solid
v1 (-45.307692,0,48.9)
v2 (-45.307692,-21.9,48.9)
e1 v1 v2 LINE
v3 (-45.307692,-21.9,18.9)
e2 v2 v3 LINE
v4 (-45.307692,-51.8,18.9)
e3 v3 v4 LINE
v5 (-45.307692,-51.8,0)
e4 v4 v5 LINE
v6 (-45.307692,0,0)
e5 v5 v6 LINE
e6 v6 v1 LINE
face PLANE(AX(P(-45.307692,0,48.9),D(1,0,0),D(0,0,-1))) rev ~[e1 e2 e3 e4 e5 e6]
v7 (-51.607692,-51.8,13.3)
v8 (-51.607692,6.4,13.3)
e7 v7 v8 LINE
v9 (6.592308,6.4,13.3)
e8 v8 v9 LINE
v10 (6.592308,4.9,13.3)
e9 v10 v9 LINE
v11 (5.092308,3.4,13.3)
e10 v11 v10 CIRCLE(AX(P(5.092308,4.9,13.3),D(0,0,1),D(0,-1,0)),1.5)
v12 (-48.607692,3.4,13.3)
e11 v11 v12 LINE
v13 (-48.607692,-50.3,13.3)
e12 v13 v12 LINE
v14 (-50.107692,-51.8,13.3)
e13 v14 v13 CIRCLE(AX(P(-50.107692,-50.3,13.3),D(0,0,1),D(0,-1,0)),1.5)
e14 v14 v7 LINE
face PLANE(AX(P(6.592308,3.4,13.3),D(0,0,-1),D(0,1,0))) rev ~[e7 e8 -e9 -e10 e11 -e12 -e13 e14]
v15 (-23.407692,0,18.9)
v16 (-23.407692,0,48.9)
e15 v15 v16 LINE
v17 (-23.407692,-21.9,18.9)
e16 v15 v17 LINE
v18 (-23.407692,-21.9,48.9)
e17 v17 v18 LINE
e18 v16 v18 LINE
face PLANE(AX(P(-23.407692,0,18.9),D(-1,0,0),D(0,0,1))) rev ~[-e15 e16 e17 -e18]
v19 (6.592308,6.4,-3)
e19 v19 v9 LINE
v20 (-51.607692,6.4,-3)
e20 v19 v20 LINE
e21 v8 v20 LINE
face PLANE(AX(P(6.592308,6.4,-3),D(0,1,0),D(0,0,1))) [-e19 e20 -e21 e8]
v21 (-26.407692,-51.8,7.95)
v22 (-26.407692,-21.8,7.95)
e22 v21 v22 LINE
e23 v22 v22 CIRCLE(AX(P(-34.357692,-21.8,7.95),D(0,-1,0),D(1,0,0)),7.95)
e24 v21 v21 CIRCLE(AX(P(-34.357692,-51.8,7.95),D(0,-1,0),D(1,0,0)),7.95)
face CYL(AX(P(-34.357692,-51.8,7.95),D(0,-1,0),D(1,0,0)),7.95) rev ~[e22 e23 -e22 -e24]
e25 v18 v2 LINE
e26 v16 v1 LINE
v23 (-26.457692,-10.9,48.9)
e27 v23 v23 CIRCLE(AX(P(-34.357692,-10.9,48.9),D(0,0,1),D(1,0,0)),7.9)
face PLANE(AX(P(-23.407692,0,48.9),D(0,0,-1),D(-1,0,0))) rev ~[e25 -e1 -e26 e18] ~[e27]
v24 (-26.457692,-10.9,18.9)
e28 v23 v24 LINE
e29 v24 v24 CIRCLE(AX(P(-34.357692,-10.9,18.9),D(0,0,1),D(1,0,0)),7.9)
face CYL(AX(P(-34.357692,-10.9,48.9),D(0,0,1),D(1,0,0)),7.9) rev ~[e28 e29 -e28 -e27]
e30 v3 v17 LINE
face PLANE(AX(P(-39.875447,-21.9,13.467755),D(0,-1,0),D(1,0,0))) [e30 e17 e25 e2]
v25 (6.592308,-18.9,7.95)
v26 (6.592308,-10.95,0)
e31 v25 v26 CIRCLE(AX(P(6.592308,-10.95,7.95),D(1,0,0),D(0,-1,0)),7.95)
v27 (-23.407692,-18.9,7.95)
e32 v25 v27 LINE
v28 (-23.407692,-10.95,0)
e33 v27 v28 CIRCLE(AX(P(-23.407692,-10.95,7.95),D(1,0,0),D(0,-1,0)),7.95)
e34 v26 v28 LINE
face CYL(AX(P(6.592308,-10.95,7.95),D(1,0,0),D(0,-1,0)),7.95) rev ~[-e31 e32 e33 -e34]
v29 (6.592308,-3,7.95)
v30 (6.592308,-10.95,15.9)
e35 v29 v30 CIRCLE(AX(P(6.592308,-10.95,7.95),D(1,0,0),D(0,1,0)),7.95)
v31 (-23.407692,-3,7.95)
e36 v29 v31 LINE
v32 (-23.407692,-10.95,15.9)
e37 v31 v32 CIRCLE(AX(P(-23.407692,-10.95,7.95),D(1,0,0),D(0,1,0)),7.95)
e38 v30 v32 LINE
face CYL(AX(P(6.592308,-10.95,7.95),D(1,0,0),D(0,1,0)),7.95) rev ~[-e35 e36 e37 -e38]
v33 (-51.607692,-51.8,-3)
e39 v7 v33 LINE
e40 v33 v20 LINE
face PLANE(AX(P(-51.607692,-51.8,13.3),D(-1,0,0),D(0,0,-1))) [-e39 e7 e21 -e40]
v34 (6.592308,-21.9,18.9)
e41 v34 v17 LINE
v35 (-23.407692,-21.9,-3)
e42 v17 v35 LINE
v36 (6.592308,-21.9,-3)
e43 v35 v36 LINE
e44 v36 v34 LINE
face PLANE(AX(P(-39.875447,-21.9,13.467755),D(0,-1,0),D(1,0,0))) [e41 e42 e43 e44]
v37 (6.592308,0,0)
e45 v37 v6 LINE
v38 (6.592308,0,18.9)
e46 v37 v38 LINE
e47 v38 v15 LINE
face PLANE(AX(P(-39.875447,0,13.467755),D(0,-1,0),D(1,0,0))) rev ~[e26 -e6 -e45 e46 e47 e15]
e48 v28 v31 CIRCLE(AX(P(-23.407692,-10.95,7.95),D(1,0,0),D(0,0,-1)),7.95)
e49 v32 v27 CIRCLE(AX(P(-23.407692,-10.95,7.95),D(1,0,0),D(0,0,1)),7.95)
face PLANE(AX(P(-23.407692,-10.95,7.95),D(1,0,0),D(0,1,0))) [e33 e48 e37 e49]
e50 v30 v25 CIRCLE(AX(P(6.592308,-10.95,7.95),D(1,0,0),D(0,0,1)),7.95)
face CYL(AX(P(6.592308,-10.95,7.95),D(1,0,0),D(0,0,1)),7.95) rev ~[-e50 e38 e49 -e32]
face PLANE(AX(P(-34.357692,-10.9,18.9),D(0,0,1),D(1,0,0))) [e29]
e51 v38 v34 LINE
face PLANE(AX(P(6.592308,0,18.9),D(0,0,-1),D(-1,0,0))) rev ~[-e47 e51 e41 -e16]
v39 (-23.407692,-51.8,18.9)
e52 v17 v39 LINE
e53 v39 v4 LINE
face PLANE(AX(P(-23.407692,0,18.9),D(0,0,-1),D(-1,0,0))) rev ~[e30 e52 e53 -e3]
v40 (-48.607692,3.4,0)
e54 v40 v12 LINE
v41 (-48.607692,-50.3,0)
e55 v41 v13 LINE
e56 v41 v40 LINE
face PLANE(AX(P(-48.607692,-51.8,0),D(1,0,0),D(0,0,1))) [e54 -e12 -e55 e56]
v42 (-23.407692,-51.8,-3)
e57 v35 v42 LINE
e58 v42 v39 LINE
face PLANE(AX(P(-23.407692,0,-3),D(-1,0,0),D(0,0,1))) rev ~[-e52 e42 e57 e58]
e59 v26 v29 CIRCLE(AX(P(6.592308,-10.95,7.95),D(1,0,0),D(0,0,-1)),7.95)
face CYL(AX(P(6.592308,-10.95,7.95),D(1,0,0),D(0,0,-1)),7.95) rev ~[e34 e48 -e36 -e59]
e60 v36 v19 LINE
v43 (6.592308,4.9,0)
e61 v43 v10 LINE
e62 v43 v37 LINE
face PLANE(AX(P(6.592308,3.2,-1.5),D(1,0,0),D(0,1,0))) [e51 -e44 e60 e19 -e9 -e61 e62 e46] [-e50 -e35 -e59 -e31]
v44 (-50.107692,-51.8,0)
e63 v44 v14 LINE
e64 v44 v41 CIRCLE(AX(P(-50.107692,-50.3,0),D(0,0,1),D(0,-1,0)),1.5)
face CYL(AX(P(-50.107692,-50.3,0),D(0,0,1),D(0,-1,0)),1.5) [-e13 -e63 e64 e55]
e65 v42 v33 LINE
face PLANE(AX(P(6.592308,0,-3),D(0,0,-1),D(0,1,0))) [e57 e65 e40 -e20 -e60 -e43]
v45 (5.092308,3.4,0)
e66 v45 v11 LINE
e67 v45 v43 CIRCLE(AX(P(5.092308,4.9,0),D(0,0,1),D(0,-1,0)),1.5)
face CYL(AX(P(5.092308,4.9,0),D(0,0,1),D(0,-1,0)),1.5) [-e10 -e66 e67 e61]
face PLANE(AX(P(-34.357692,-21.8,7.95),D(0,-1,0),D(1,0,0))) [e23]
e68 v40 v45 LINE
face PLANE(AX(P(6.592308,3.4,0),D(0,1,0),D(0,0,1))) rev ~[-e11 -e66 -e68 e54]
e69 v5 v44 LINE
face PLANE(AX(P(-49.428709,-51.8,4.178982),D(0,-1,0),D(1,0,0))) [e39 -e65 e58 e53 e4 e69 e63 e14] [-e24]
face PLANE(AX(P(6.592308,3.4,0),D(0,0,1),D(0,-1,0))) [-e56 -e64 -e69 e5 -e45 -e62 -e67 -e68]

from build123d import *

# Parameters (mm, degrees)
F0_W      = 27
F0_H      = 15.9
F0_W_2    = 15.9
F0_H_2    = 27
F0_W_3    = 3
F0_H_3    = 3
F1_DEPTH  = 21.9
F2_DEPTH  = 51.8
F3_R      = 7.95
F6_DEPTH  = 30
F7_DEPTH  = 30
F4_R      = 7.9
F8_DEPTH  = 30
F10_DEPTH = 58.2
F11_W     = 3
F11_H     = 13.3
F13_R     = 1.5


with BuildPart() as f1:
    # F0 (on Front) → F1 (new body)
    with BuildSketch(Plane.XZ):
        with BuildLine():
            Line((-34.3576915575, 15.9), (-42.3076915575, 15.9))
            Line((-42.3076915575, 15.9), (-42.3076915575, 7.9499999931))
            ThreePointArc((-42.3076915575, 7.9499999931), (-39.9791904704, 13.571498908), (-34.3576915575, 15.9))
        make_face()
        with BuildLine():
            ThreePointArc((-34.3576915575, 15.9), (-39.9791904704, 13.571498908), (-42.3076915575, 7.9499999931))
            ThreePointArc((-42.3076915575, 7.9499999931), (-39.9791904655, 2.3285010871), (-34.3576915575, 0))
            ThreePointArc((-34.3576915575, 0), (-28.7361926471, 2.3285010896), (-26.4076915575, 7.95))
            ThreePointArc((-26.4076915575, 7.95), (-28.7361926471, 13.5714989104), (-34.3576915575, 15.9))
        make_face()
        Polygon((-42.3076915575, 18.9), (-42.3076915575, 45.9), (-26.4076915575, 45.9), (-26.4076915575, 18.9), (-23.4076915575, 18.9), (-23.4076915575, 48.9), (-45.3076915575, 48.9), (-45.3076915575, 18.9), align=None)
        with Locations((-9.9076915575, 7.95)):
            Rectangle(F0_W, F0_H)
        with Locations((-34.3576915575, 32.4)):
            Rectangle(F0_W_2, F0_H_2)
        with BuildLine():
            ThreePointArc((-34.3576915575, 0), (-39.9791904655, 2.3285010871), (-42.3076915575, 7.9499999931))
            Line((-42.3076915575, 7.9499999931), (-42.3076915575, 0))
            Line((-42.3076915575, 0), (-34.3576915575, 0))
        make_face()
        with BuildLine():
            Line((-26.4076915575, 0), (-26.4076915575, 7.95))
            ThreePointArc((-26.4076915575, 7.95), (-28.7361926471, 2.3285010896), (-34.3576915575, 0))
            Line((-34.3576915575, 0), (-26.4076915575, 0))
        make_face()
        with BuildLine():
            Line((-26.4076915575, 7.95), (-26.4076915575, 15.9))
            Line((-26.4076915575, 15.9), (-34.3576915575, 15.9))
            ThreePointArc((-34.3576915575, 15.9), (-28.7361926471, 13.5714989104), (-26.4076915575, 7.95))
        make_face()
        Polygon((6.5923084425, 18.9), (-23.4076915575, 18.9), (-23.4076915575, 15.9), (3.5923084425, 15.9), (3.5923084425, 0), (-23.4076915575, 0), (-23.4076915575, -3), (6.5923084425, -3), align=None)
        Polygon((-26.4076915575, 18.9), (-42.3076915575, 18.9), (-42.3076915575, 15.9), (-34.3576915575, 15.9), (-26.4076915575, 15.9), align=None)
        Polygon((-23.4076915575, 15.9), (-26.4076915575, 15.9), (-26.4076915575, 7.95), (-26.4076915575, 0), (-23.4076915575, 0), align=None)
        Polygon((-42.3076915575, 15.9), (-42.3076915575, 18.9), (-45.3076915575, 18.9), (-45.3076915575, -3), (-23.4076915575, -3), (-23.4076915575, 0), (-26.4076915575, 0), (-34.3576915575, 0), (-42.3076915575, 0), (-42.3076915575, 7.9499999931), align=None)
        with Locations((-24.9076915575, 17.4)):
            Rectangle(F0_W_3, F0_H_3)
    extrude(amount=F1_DEPTH)

    # F0 (on Front) → F2 (join)
    with BuildSketch(Plane.XZ):
        Polygon((-42.3076915575, 15.9), (-42.3076915575, 18.9), (-45.3076915575, 18.9), (-45.3076915575, -3), (-23.4076915575, -3), (-23.4076915575, 0), (-26.4076915575, 0), (-34.3576915575, 0), (-42.3076915575, 0), (-42.3076915575, 7.9499999931), align=None)
        with BuildLine():
            ThreePointArc((-34.3576915575, 15.9), (-39.9791904704, 13.571498908), (-42.3076915575, 7.9499999931))
            ThreePointArc((-42.3076915575, 7.9499999931), (-39.9791904655, 2.3285010871), (-34.3576915575, 0))
            ThreePointArc((-34.3576915575, 0), (-28.7361926471, 2.3285010896), (-26.4076915575, 7.95))
            ThreePointArc((-26.4076915575, 7.95), (-28.7361926471, 13.5714989104), (-34.3576915575, 15.9))
        make_face()
        Polygon((-26.4076915575, 18.9), (-42.3076915575, 18.9), (-42.3076915575, 15.9), (-34.3576915575, 15.9), (-26.4076915575, 15.9), align=None)
        Polygon((-23.4076915575, 15.9), (-26.4076915575, 15.9), (-26.4076915575, 7.95), (-26.4076915575, 0), (-23.4076915575, 0), align=None)
        with Locations((-24.9076915575, 17.4)):
            Rectangle(F0_W_3, F0_H_3)
        with BuildLine():
            Line((-26.4076915575, 7.95), (-26.4076915575, 15.9))
            Line((-26.4076915575, 15.9), (-34.3576915575, 15.9))
            ThreePointArc((-34.3576915575, 15.9), (-28.7361926471, 13.5714989104), (-26.4076915575, 7.95))
        make_face()
        with BuildLine():
            Line((-34.3576915575, 15.9), (-42.3076915575, 15.9))
            Line((-42.3076915575, 15.9), (-42.3076915575, 7.9499999931))
            ThreePointArc((-42.3076915575, 7.9499999931), (-39.9791904704, 13.571498908), (-34.3576915575, 15.9))
        make_face()
        with BuildLine():
            ThreePointArc((-34.3576915575, 0), (-39.9791904655, 2.3285010871), (-42.3076915575, 7.9499999931))
            Line((-42.3076915575, 7.9499999931), (-42.3076915575, 0))
            Line((-42.3076915575, 0), (-34.3576915575, 0))
        make_face()
        with BuildLine():
            Line((-26.4076915575, 0), (-26.4076915575, 7.95))
            ThreePointArc((-26.4076915575, 7.95), (-28.7361926471, 2.3285010896), (-34.3576915575, 0))
            Line((-34.3576915575, 0), (-26.4076915575, 0))
        make_face()
    extrude(amount=F2_DEPTH)

    # F3 (on face) → F6 (cut)
    with BuildSketch(Plane.XZ.offset(51.8)):
        with Locations((-34.3576915575, 7.95)):
            Circle(F3_R)
    extrude(amount=-F6_DEPTH, mode=Mode.SUBTRACT)

    # F5 (on face) → F7 (cut)
    with BuildSketch(Plane.YZ.offset(6.5923084425)):
        with BuildLine():
            ThreePointArc((-3, 7.95), (-5.3285010896, 13.5714989104), (-10.95, 15.9))
            ThreePointArc((-10.95, 15.9), (-16.5714989104, 13.5714989104), (-18.9, 7.95))
            ThreePointArc((-18.9, 7.95), (-16.5714989104, 2.3285010896), (-10.95, 0))
            ThreePointArc((-10.95, 0), (-5.3285010896, 2.3285010896), (-3, 7.95))
        make_face()
    extrude(amount=-F7_DEPTH, mode=Mode.SUBTRACT)

    # F4 (on face) → F8 (cut)
    with BuildSketch(Plane.XY.offset(48.9)):
        with Locations((-34.3576915575, -10.9)):
            Circle(F4_R)
    extrude(amount=-F8_DEPTH, mode=Mode.SUBTRACT)

    # F9 (on face) → F10 (join)
    with BuildSketch(Plane.XZ.offset(51.8)):
        Polygon((-51.6076915575, -3), (-45.3076915575, -3), (-45.3076915575, 0), (-48.6076915575, 0), (-48.6076915575, 13.3), (-51.6076915575, 13.3), align=None)
    extrude(amount=-F10_DEPTH)

    # F11 (on face) → F12 (join, up to the next surface of F1)
    with BuildSketch(Plane.YZ.offset(6.5923084425)):
        Polygon((6.4, -3), (6.4, 0), (3.4, 0), (0, 0), (0, -3), align=None)
        with Locations((4.9, 6.65)):
            Rectangle(F11_W, F11_H)
    extrude(until=Until.NEXT, dir=(-1, 0, 0))

    # F13
    f13_edges = [f1.edges().sort_by_distance(p)[0] for p in [
        (6.592308, 3.4, 6.65),
        (-48.607692, -51.8, 6.65),
    ]]
    fillet(f13_edges, radius=F13_R)


solid = f1.part
